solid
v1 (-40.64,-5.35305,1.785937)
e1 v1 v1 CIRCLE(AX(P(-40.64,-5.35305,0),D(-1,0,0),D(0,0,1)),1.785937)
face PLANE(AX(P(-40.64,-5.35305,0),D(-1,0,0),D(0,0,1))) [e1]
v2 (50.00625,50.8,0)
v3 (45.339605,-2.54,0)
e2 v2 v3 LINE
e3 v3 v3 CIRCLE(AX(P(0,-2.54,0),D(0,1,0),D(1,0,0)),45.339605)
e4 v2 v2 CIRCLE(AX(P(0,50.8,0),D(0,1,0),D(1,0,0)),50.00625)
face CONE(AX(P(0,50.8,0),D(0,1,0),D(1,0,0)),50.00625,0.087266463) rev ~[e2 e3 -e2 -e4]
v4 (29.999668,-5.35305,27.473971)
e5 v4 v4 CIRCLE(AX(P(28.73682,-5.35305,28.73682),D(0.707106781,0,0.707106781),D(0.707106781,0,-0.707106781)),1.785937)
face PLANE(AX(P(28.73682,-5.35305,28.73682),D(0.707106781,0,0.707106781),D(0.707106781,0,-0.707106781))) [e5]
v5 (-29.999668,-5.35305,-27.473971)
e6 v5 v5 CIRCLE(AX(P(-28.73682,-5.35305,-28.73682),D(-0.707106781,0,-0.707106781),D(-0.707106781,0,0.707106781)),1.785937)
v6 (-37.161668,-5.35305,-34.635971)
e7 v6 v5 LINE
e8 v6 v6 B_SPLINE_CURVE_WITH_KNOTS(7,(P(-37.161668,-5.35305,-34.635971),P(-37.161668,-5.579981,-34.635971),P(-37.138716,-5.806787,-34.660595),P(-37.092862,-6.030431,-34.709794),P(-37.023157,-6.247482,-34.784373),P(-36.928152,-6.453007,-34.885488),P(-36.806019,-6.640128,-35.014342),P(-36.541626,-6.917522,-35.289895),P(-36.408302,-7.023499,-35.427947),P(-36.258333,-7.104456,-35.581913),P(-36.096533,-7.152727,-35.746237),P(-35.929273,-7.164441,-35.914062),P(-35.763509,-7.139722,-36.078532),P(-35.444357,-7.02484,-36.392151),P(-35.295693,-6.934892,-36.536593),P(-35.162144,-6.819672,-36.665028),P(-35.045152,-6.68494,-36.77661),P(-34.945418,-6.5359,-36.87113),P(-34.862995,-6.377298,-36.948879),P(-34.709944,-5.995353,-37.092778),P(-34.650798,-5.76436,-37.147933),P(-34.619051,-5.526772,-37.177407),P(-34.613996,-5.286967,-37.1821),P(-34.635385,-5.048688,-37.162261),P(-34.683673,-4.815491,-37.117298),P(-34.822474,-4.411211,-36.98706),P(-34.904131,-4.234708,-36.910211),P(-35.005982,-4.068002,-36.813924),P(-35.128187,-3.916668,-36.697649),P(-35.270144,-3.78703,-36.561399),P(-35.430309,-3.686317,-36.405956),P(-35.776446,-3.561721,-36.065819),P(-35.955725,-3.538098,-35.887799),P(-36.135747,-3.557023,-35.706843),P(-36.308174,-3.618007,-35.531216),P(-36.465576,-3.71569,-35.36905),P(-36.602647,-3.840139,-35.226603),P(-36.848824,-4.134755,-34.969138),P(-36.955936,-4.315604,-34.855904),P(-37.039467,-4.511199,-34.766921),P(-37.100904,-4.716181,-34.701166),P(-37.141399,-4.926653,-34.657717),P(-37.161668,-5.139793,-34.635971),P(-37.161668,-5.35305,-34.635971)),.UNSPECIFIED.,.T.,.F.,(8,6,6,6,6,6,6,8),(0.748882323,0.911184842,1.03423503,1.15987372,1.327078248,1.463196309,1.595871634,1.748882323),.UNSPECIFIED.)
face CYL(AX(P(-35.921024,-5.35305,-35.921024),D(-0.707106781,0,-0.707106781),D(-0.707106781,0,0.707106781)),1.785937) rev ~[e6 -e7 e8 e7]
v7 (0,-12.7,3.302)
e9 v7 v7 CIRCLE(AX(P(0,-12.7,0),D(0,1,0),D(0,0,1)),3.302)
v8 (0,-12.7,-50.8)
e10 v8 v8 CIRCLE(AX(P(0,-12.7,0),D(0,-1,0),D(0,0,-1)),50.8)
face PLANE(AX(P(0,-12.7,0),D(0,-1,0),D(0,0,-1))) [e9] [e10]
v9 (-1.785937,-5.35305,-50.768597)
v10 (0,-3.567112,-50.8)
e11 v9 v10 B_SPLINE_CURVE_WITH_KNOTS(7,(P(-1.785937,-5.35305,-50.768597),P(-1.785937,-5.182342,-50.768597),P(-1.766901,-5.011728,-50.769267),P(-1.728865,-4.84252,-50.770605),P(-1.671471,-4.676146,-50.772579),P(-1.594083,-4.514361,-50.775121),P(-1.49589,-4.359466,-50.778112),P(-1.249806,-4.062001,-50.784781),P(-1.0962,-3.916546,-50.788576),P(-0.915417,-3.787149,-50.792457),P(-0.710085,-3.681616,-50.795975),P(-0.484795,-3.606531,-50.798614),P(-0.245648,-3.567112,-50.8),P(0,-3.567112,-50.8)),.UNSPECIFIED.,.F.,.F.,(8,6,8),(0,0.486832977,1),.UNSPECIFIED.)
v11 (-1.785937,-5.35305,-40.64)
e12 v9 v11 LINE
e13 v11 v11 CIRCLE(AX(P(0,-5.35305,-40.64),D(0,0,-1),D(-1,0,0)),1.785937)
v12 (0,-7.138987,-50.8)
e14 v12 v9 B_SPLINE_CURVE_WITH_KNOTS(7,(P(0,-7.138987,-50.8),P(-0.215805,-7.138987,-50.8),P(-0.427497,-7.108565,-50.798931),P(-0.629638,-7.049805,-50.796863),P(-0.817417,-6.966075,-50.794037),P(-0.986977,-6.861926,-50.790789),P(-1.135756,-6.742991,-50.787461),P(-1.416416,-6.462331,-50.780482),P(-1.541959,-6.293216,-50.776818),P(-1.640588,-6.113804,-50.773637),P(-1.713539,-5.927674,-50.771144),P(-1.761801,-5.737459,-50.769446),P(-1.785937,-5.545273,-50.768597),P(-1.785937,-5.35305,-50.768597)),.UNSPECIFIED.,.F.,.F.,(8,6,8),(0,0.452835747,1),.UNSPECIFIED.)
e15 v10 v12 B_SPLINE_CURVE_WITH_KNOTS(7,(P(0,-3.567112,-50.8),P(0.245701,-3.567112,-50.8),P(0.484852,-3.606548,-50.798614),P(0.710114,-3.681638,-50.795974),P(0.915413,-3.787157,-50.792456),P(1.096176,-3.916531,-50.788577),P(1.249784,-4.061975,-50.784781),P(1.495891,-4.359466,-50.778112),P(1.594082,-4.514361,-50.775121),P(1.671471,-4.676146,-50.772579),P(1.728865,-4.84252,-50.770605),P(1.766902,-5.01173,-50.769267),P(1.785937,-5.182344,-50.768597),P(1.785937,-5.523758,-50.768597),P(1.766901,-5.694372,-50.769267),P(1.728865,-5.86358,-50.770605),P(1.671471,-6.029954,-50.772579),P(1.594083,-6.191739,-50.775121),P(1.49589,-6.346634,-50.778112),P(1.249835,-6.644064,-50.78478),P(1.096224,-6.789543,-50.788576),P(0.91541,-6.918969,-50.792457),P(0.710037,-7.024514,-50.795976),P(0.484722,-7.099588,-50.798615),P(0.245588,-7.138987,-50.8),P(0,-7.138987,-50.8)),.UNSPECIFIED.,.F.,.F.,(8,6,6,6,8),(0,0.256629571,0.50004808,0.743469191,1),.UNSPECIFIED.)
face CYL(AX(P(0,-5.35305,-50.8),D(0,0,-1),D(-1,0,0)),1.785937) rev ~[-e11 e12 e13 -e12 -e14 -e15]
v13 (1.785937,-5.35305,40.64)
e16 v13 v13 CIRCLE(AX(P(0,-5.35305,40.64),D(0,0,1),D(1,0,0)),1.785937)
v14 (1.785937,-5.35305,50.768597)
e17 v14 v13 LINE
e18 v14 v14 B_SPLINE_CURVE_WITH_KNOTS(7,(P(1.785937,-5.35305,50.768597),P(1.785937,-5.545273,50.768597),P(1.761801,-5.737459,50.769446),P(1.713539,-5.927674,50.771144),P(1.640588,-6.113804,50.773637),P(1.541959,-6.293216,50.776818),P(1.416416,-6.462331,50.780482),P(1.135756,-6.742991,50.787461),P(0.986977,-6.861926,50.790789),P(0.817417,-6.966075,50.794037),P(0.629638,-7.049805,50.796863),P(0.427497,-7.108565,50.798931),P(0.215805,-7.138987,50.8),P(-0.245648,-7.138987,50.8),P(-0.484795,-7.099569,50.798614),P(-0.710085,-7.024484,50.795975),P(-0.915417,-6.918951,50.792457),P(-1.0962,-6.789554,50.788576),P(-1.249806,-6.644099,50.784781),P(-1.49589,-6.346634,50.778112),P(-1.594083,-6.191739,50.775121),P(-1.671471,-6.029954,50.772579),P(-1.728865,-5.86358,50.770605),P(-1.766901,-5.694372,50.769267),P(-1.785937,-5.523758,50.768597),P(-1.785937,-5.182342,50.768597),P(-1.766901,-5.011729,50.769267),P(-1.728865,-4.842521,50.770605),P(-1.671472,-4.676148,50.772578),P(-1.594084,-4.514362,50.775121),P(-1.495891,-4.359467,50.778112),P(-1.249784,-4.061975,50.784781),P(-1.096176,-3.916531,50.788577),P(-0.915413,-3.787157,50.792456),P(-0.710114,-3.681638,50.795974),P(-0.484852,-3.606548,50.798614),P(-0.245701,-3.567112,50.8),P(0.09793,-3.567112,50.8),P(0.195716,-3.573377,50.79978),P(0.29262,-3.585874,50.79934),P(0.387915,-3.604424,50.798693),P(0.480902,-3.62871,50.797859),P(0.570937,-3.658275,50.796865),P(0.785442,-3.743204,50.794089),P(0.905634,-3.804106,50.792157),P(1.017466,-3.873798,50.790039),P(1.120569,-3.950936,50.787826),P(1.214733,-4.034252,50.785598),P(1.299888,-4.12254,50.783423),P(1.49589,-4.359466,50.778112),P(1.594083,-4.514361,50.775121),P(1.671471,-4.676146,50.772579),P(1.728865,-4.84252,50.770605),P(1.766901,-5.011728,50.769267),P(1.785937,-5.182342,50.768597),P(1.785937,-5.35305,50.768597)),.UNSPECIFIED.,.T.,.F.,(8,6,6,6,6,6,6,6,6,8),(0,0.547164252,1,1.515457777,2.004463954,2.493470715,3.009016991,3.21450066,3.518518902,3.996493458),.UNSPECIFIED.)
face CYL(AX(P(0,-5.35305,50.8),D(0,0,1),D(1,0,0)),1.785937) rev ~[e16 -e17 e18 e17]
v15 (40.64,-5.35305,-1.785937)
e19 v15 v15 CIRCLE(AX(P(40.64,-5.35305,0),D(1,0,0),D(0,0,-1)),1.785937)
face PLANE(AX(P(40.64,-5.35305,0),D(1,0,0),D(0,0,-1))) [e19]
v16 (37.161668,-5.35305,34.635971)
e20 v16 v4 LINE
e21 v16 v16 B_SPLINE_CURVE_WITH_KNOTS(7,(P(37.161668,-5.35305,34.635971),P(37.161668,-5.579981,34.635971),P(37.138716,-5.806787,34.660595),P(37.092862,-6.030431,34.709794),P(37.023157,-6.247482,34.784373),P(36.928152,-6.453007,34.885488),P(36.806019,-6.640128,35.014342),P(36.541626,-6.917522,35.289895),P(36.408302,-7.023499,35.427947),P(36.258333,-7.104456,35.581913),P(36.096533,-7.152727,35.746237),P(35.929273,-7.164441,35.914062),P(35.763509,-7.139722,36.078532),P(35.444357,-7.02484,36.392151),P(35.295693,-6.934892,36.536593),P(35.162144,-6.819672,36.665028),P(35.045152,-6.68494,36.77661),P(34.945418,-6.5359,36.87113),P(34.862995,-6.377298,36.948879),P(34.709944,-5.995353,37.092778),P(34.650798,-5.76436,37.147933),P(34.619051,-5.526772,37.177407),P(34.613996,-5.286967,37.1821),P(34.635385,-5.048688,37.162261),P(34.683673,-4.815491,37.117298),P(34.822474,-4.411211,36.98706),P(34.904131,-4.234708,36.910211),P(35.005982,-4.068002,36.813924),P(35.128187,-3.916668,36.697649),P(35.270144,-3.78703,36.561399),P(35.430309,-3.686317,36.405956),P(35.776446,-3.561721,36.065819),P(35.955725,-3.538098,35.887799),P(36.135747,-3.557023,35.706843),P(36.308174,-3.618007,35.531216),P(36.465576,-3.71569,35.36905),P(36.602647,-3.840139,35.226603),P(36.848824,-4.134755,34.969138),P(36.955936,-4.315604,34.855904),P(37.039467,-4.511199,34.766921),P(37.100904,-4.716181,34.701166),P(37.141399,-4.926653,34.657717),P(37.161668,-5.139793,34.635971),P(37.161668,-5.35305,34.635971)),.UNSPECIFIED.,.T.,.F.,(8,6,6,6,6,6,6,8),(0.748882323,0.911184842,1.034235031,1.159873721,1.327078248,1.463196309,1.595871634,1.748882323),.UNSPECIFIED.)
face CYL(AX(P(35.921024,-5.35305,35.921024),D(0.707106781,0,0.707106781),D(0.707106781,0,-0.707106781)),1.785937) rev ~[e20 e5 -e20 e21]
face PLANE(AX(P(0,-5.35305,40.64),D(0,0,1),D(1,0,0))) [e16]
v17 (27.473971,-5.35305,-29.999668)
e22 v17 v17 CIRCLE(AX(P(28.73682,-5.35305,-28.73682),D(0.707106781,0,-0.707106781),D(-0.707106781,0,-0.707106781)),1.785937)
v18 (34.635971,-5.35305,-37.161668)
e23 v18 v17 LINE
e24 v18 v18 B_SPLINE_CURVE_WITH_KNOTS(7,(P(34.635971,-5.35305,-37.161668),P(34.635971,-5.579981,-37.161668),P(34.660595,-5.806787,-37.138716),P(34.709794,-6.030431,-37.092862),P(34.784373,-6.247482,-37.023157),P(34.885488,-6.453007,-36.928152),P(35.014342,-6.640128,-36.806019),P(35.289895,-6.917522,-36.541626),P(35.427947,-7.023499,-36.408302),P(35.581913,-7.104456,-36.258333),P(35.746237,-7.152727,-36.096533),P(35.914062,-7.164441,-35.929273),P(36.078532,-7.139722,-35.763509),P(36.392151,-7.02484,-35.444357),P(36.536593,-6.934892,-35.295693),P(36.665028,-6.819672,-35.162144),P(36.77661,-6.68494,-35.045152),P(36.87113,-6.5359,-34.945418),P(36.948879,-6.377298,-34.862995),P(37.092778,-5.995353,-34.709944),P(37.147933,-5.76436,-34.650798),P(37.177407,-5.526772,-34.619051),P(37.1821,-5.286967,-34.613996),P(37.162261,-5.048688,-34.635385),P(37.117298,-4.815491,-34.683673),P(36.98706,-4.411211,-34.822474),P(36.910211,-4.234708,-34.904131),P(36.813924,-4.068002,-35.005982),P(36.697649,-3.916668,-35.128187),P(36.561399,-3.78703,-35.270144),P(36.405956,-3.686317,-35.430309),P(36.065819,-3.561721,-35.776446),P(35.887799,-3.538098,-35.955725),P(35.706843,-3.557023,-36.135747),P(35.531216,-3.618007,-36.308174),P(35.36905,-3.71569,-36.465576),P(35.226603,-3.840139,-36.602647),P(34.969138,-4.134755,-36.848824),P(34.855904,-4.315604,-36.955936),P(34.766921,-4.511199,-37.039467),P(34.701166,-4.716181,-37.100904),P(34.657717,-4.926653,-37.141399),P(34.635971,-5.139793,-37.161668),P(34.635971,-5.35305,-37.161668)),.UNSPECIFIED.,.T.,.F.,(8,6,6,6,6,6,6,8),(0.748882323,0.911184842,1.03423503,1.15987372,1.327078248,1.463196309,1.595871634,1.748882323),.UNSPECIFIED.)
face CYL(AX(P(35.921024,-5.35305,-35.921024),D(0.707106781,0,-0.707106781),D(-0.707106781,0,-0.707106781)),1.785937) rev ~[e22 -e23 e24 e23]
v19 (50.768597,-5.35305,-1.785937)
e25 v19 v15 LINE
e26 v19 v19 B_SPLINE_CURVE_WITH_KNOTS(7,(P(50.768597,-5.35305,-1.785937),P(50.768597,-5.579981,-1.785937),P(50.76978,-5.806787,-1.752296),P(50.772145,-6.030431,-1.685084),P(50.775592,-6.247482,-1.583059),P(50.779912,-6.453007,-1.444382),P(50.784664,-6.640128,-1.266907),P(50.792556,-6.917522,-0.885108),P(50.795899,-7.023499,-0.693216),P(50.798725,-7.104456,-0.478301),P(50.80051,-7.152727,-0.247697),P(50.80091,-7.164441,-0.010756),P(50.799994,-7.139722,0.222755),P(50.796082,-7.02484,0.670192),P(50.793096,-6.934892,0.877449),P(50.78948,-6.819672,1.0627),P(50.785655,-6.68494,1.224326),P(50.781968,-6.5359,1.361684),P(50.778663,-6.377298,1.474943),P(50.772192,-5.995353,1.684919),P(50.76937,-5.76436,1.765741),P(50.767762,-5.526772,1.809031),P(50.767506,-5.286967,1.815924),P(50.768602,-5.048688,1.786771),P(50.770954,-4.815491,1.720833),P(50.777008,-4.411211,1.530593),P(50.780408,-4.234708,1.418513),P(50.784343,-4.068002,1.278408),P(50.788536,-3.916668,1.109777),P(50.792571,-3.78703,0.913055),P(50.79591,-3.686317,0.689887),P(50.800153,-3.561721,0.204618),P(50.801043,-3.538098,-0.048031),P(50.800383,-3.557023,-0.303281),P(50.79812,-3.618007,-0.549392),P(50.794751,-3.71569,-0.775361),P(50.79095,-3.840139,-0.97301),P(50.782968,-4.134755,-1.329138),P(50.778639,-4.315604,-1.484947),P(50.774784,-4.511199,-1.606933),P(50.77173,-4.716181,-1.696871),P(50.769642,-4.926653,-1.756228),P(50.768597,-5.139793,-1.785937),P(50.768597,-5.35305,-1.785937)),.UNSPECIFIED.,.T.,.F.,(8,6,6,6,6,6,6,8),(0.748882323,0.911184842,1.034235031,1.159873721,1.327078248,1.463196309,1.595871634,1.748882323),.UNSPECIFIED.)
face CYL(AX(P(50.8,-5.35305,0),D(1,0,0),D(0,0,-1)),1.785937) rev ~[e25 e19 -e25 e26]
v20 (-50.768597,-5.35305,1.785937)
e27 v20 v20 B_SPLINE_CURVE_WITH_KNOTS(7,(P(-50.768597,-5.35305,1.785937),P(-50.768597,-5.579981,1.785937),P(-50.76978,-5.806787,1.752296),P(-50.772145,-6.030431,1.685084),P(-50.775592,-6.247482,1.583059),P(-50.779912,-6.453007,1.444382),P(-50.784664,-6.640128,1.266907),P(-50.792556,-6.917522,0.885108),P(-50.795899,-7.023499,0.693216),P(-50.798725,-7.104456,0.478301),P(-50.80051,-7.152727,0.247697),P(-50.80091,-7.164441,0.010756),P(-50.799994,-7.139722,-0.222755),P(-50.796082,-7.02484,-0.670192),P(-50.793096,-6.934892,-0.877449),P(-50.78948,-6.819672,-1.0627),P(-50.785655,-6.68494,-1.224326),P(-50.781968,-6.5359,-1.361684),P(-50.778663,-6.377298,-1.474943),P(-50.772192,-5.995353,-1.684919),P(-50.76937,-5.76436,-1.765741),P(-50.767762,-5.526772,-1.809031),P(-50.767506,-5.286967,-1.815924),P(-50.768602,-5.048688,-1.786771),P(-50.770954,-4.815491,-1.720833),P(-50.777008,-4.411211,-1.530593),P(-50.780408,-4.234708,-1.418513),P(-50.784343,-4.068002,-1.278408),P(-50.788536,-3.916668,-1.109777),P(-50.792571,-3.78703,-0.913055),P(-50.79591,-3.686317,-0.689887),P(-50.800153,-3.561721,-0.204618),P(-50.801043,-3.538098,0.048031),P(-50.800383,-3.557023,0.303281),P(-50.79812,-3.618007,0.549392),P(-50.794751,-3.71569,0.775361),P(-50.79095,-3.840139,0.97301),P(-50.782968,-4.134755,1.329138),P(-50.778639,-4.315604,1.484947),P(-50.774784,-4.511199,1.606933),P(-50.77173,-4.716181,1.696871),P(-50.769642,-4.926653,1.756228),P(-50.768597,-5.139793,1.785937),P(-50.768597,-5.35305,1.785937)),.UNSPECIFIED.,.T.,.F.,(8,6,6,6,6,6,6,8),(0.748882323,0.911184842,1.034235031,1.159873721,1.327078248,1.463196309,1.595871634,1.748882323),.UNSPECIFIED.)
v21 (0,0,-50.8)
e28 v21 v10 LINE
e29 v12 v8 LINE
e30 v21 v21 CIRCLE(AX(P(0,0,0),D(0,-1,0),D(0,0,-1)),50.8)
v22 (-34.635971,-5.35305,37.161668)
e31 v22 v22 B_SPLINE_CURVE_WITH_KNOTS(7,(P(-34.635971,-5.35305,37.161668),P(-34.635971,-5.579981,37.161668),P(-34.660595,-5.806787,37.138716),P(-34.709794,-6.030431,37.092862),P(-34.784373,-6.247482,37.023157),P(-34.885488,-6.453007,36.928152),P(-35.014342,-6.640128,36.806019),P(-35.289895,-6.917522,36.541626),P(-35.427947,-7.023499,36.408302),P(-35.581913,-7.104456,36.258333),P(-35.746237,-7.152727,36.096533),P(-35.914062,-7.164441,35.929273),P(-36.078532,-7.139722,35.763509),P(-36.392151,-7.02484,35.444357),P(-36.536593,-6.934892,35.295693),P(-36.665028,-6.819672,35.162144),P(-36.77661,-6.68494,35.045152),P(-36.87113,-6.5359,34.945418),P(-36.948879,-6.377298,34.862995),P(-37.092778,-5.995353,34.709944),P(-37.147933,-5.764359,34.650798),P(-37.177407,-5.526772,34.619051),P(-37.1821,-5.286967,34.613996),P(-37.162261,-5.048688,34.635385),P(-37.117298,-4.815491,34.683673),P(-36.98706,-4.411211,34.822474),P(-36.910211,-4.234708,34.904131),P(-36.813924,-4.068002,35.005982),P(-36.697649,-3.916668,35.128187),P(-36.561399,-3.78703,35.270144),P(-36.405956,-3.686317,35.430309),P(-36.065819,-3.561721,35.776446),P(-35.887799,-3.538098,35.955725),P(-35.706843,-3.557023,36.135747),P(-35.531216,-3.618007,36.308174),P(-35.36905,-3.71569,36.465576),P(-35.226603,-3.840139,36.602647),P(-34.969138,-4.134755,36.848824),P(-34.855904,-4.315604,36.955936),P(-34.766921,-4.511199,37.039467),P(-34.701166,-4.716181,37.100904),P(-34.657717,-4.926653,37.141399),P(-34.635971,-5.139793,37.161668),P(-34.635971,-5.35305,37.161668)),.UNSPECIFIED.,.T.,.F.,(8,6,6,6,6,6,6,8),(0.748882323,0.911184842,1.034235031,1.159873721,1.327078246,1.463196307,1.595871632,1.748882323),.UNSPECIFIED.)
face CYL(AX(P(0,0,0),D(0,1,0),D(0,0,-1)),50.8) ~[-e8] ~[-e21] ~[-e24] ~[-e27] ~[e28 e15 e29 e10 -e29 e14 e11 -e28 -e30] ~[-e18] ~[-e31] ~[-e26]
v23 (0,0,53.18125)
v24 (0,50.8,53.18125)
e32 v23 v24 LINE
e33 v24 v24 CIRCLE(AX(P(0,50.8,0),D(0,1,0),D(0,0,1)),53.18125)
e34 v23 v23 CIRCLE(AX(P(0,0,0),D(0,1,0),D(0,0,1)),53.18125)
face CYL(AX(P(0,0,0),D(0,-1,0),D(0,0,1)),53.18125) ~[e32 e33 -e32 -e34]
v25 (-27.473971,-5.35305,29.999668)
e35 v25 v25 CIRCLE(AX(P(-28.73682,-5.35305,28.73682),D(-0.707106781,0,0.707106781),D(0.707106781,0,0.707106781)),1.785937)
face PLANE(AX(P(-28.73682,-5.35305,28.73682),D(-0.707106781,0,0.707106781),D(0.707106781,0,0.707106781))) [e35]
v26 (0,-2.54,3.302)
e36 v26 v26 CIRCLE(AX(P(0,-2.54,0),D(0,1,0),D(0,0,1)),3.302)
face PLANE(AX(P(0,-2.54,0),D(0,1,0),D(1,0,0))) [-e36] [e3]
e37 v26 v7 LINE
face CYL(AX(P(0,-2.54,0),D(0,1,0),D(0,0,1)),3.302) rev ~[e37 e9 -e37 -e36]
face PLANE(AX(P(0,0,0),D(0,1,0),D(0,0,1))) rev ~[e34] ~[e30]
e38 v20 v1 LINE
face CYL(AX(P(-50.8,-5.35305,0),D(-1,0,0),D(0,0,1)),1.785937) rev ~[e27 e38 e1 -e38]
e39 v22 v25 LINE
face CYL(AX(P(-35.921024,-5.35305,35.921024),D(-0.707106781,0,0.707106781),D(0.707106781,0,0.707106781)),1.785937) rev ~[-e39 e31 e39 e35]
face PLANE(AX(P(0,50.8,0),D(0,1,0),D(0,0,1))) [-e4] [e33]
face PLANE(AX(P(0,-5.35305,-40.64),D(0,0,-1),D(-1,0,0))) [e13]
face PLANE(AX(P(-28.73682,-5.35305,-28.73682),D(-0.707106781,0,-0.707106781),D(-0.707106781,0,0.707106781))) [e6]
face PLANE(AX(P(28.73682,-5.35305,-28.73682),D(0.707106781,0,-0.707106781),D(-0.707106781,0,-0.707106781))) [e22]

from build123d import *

# Parameters (mm, degrees)
SKETCH1_R           = 53.18125
BOSS_EXTRUDE1_DEPTH = 50.8
SKETCH2_R           = 50.8
SKETCH2_R_2         = 47.625
BOSS_EXTRUDE2_DEPTH = 12.7
SKETCH3_R           = 50.00625
CUT_EXTRUDE1_DEPTH  = 53.34
CUT_EXTRUDE1_DRAFT  = -5
SKETCH4_R           = 3.302
CUT_EXTRUDE2_DEPTH  = 93.204372473
SKETCH5_R           = 1.7859375
CUT_EXTRUDE3_DEPTH  = 10.16
CIRPATTERN1_COUNT   = 8


with BuildPart() as part:
    # Sketch1 → Boss-Extrude1 (new body)
    with BuildSketch(Plane(origin=(0, 0, 0), x_dir=(1, 0, 0), z_dir=(0, 1, 0))):
        with Locations(Location((0, 0, 0), (0, 0, 270))):
            Circle(SKETCH1_R)
    extrude(amount=BOSS_EXTRUDE1_DEPTH)

    # Sketch2 → Boss-Extrude2 (add)
    with BuildSketch(Plane.XZ):
        with Locations(Location((0, 0, 0), (0, 0, 270))):
            Circle(SKETCH2_R)
        Circle(SKETCH2_R_2, mode=Mode.SUBTRACT)
        Circle(SKETCH2_R_2)
    extrude(amount=BOSS_EXTRUDE2_DEPTH)


with BuildPart() as cut_extrude1_tool:
    # Sketch3 → Cut-Extrude1 (with draft: the straight prism first)
    with BuildSketch(Plane(origin=(0, 50.8, 0), x_dir=(1, 0, 0), z_dir=(0, 1, 0))):
        Circle(SKETCH3_R)
    extrude(amount=-CUT_EXTRUDE1_DEPTH)
    # Cut-Extrude1: the draft: its side faces are tilted about the plane it starts from
    cut_extrude1_sides = [cut_extrude1_tool.faces().sort_by_distance(p)[0] for p in [
        (-50.00625, 24.13, 0),
    ]]
    draft(cut_extrude1_sides, Plane(origin=(0, 50.8, 0), x_dir=(1, 0, 0), z_dir=(0, 1, 0)), CUT_EXTRUDE1_DRAFT)


with BuildPart() as part_1:
    add(part.part)

    # Cut-Extrude1: cut by cut_extrude1_tool
    add(cut_extrude1_tool.part, mode=Mode.SUBTRACT)

    # Sketch4 → Cut-Extrude2 (cut, through all)
    with BuildSketch(Plane(origin=(0, -2.54, 0), x_dir=(1, 0, 0), z_dir=(0, 1, 0))):
        with Locations(Location((0, 0, 0), (0, 0, 270))):
            Circle(SKETCH4_R)
    extrude(amount=-CUT_EXTRUDE2_DEPTH, mode=Mode.SUBTRACT)

    # Sketch5 → Cut-Extrude3 (cut)
    with BuildSketch(Plane(origin=(50.8, 0, 0), x_dir=(0, 0, -1), z_dir=(1, 0, 0))):
        with Locations((0, -5.35305)):
            Circle(SKETCH5_R)
    cut_extrude3 = extrude(amount=-CUT_EXTRUDE3_DEPTH, mode=Mode.SUBTRACT)

    # CirPattern1: Cut-Extrude3 ×8 about axis
    cirpattern1_axis = Axis((0, 0, 0), (0, 1, 0))
    for i in range(1, CIRPATTERN1_COUNT):
        add(cut_extrude3.rotate(cirpattern1_axis, i * 360 / CIRPATTERN1_COUNT), mode=Mode.SUBTRACT)


solid = part_1.part
